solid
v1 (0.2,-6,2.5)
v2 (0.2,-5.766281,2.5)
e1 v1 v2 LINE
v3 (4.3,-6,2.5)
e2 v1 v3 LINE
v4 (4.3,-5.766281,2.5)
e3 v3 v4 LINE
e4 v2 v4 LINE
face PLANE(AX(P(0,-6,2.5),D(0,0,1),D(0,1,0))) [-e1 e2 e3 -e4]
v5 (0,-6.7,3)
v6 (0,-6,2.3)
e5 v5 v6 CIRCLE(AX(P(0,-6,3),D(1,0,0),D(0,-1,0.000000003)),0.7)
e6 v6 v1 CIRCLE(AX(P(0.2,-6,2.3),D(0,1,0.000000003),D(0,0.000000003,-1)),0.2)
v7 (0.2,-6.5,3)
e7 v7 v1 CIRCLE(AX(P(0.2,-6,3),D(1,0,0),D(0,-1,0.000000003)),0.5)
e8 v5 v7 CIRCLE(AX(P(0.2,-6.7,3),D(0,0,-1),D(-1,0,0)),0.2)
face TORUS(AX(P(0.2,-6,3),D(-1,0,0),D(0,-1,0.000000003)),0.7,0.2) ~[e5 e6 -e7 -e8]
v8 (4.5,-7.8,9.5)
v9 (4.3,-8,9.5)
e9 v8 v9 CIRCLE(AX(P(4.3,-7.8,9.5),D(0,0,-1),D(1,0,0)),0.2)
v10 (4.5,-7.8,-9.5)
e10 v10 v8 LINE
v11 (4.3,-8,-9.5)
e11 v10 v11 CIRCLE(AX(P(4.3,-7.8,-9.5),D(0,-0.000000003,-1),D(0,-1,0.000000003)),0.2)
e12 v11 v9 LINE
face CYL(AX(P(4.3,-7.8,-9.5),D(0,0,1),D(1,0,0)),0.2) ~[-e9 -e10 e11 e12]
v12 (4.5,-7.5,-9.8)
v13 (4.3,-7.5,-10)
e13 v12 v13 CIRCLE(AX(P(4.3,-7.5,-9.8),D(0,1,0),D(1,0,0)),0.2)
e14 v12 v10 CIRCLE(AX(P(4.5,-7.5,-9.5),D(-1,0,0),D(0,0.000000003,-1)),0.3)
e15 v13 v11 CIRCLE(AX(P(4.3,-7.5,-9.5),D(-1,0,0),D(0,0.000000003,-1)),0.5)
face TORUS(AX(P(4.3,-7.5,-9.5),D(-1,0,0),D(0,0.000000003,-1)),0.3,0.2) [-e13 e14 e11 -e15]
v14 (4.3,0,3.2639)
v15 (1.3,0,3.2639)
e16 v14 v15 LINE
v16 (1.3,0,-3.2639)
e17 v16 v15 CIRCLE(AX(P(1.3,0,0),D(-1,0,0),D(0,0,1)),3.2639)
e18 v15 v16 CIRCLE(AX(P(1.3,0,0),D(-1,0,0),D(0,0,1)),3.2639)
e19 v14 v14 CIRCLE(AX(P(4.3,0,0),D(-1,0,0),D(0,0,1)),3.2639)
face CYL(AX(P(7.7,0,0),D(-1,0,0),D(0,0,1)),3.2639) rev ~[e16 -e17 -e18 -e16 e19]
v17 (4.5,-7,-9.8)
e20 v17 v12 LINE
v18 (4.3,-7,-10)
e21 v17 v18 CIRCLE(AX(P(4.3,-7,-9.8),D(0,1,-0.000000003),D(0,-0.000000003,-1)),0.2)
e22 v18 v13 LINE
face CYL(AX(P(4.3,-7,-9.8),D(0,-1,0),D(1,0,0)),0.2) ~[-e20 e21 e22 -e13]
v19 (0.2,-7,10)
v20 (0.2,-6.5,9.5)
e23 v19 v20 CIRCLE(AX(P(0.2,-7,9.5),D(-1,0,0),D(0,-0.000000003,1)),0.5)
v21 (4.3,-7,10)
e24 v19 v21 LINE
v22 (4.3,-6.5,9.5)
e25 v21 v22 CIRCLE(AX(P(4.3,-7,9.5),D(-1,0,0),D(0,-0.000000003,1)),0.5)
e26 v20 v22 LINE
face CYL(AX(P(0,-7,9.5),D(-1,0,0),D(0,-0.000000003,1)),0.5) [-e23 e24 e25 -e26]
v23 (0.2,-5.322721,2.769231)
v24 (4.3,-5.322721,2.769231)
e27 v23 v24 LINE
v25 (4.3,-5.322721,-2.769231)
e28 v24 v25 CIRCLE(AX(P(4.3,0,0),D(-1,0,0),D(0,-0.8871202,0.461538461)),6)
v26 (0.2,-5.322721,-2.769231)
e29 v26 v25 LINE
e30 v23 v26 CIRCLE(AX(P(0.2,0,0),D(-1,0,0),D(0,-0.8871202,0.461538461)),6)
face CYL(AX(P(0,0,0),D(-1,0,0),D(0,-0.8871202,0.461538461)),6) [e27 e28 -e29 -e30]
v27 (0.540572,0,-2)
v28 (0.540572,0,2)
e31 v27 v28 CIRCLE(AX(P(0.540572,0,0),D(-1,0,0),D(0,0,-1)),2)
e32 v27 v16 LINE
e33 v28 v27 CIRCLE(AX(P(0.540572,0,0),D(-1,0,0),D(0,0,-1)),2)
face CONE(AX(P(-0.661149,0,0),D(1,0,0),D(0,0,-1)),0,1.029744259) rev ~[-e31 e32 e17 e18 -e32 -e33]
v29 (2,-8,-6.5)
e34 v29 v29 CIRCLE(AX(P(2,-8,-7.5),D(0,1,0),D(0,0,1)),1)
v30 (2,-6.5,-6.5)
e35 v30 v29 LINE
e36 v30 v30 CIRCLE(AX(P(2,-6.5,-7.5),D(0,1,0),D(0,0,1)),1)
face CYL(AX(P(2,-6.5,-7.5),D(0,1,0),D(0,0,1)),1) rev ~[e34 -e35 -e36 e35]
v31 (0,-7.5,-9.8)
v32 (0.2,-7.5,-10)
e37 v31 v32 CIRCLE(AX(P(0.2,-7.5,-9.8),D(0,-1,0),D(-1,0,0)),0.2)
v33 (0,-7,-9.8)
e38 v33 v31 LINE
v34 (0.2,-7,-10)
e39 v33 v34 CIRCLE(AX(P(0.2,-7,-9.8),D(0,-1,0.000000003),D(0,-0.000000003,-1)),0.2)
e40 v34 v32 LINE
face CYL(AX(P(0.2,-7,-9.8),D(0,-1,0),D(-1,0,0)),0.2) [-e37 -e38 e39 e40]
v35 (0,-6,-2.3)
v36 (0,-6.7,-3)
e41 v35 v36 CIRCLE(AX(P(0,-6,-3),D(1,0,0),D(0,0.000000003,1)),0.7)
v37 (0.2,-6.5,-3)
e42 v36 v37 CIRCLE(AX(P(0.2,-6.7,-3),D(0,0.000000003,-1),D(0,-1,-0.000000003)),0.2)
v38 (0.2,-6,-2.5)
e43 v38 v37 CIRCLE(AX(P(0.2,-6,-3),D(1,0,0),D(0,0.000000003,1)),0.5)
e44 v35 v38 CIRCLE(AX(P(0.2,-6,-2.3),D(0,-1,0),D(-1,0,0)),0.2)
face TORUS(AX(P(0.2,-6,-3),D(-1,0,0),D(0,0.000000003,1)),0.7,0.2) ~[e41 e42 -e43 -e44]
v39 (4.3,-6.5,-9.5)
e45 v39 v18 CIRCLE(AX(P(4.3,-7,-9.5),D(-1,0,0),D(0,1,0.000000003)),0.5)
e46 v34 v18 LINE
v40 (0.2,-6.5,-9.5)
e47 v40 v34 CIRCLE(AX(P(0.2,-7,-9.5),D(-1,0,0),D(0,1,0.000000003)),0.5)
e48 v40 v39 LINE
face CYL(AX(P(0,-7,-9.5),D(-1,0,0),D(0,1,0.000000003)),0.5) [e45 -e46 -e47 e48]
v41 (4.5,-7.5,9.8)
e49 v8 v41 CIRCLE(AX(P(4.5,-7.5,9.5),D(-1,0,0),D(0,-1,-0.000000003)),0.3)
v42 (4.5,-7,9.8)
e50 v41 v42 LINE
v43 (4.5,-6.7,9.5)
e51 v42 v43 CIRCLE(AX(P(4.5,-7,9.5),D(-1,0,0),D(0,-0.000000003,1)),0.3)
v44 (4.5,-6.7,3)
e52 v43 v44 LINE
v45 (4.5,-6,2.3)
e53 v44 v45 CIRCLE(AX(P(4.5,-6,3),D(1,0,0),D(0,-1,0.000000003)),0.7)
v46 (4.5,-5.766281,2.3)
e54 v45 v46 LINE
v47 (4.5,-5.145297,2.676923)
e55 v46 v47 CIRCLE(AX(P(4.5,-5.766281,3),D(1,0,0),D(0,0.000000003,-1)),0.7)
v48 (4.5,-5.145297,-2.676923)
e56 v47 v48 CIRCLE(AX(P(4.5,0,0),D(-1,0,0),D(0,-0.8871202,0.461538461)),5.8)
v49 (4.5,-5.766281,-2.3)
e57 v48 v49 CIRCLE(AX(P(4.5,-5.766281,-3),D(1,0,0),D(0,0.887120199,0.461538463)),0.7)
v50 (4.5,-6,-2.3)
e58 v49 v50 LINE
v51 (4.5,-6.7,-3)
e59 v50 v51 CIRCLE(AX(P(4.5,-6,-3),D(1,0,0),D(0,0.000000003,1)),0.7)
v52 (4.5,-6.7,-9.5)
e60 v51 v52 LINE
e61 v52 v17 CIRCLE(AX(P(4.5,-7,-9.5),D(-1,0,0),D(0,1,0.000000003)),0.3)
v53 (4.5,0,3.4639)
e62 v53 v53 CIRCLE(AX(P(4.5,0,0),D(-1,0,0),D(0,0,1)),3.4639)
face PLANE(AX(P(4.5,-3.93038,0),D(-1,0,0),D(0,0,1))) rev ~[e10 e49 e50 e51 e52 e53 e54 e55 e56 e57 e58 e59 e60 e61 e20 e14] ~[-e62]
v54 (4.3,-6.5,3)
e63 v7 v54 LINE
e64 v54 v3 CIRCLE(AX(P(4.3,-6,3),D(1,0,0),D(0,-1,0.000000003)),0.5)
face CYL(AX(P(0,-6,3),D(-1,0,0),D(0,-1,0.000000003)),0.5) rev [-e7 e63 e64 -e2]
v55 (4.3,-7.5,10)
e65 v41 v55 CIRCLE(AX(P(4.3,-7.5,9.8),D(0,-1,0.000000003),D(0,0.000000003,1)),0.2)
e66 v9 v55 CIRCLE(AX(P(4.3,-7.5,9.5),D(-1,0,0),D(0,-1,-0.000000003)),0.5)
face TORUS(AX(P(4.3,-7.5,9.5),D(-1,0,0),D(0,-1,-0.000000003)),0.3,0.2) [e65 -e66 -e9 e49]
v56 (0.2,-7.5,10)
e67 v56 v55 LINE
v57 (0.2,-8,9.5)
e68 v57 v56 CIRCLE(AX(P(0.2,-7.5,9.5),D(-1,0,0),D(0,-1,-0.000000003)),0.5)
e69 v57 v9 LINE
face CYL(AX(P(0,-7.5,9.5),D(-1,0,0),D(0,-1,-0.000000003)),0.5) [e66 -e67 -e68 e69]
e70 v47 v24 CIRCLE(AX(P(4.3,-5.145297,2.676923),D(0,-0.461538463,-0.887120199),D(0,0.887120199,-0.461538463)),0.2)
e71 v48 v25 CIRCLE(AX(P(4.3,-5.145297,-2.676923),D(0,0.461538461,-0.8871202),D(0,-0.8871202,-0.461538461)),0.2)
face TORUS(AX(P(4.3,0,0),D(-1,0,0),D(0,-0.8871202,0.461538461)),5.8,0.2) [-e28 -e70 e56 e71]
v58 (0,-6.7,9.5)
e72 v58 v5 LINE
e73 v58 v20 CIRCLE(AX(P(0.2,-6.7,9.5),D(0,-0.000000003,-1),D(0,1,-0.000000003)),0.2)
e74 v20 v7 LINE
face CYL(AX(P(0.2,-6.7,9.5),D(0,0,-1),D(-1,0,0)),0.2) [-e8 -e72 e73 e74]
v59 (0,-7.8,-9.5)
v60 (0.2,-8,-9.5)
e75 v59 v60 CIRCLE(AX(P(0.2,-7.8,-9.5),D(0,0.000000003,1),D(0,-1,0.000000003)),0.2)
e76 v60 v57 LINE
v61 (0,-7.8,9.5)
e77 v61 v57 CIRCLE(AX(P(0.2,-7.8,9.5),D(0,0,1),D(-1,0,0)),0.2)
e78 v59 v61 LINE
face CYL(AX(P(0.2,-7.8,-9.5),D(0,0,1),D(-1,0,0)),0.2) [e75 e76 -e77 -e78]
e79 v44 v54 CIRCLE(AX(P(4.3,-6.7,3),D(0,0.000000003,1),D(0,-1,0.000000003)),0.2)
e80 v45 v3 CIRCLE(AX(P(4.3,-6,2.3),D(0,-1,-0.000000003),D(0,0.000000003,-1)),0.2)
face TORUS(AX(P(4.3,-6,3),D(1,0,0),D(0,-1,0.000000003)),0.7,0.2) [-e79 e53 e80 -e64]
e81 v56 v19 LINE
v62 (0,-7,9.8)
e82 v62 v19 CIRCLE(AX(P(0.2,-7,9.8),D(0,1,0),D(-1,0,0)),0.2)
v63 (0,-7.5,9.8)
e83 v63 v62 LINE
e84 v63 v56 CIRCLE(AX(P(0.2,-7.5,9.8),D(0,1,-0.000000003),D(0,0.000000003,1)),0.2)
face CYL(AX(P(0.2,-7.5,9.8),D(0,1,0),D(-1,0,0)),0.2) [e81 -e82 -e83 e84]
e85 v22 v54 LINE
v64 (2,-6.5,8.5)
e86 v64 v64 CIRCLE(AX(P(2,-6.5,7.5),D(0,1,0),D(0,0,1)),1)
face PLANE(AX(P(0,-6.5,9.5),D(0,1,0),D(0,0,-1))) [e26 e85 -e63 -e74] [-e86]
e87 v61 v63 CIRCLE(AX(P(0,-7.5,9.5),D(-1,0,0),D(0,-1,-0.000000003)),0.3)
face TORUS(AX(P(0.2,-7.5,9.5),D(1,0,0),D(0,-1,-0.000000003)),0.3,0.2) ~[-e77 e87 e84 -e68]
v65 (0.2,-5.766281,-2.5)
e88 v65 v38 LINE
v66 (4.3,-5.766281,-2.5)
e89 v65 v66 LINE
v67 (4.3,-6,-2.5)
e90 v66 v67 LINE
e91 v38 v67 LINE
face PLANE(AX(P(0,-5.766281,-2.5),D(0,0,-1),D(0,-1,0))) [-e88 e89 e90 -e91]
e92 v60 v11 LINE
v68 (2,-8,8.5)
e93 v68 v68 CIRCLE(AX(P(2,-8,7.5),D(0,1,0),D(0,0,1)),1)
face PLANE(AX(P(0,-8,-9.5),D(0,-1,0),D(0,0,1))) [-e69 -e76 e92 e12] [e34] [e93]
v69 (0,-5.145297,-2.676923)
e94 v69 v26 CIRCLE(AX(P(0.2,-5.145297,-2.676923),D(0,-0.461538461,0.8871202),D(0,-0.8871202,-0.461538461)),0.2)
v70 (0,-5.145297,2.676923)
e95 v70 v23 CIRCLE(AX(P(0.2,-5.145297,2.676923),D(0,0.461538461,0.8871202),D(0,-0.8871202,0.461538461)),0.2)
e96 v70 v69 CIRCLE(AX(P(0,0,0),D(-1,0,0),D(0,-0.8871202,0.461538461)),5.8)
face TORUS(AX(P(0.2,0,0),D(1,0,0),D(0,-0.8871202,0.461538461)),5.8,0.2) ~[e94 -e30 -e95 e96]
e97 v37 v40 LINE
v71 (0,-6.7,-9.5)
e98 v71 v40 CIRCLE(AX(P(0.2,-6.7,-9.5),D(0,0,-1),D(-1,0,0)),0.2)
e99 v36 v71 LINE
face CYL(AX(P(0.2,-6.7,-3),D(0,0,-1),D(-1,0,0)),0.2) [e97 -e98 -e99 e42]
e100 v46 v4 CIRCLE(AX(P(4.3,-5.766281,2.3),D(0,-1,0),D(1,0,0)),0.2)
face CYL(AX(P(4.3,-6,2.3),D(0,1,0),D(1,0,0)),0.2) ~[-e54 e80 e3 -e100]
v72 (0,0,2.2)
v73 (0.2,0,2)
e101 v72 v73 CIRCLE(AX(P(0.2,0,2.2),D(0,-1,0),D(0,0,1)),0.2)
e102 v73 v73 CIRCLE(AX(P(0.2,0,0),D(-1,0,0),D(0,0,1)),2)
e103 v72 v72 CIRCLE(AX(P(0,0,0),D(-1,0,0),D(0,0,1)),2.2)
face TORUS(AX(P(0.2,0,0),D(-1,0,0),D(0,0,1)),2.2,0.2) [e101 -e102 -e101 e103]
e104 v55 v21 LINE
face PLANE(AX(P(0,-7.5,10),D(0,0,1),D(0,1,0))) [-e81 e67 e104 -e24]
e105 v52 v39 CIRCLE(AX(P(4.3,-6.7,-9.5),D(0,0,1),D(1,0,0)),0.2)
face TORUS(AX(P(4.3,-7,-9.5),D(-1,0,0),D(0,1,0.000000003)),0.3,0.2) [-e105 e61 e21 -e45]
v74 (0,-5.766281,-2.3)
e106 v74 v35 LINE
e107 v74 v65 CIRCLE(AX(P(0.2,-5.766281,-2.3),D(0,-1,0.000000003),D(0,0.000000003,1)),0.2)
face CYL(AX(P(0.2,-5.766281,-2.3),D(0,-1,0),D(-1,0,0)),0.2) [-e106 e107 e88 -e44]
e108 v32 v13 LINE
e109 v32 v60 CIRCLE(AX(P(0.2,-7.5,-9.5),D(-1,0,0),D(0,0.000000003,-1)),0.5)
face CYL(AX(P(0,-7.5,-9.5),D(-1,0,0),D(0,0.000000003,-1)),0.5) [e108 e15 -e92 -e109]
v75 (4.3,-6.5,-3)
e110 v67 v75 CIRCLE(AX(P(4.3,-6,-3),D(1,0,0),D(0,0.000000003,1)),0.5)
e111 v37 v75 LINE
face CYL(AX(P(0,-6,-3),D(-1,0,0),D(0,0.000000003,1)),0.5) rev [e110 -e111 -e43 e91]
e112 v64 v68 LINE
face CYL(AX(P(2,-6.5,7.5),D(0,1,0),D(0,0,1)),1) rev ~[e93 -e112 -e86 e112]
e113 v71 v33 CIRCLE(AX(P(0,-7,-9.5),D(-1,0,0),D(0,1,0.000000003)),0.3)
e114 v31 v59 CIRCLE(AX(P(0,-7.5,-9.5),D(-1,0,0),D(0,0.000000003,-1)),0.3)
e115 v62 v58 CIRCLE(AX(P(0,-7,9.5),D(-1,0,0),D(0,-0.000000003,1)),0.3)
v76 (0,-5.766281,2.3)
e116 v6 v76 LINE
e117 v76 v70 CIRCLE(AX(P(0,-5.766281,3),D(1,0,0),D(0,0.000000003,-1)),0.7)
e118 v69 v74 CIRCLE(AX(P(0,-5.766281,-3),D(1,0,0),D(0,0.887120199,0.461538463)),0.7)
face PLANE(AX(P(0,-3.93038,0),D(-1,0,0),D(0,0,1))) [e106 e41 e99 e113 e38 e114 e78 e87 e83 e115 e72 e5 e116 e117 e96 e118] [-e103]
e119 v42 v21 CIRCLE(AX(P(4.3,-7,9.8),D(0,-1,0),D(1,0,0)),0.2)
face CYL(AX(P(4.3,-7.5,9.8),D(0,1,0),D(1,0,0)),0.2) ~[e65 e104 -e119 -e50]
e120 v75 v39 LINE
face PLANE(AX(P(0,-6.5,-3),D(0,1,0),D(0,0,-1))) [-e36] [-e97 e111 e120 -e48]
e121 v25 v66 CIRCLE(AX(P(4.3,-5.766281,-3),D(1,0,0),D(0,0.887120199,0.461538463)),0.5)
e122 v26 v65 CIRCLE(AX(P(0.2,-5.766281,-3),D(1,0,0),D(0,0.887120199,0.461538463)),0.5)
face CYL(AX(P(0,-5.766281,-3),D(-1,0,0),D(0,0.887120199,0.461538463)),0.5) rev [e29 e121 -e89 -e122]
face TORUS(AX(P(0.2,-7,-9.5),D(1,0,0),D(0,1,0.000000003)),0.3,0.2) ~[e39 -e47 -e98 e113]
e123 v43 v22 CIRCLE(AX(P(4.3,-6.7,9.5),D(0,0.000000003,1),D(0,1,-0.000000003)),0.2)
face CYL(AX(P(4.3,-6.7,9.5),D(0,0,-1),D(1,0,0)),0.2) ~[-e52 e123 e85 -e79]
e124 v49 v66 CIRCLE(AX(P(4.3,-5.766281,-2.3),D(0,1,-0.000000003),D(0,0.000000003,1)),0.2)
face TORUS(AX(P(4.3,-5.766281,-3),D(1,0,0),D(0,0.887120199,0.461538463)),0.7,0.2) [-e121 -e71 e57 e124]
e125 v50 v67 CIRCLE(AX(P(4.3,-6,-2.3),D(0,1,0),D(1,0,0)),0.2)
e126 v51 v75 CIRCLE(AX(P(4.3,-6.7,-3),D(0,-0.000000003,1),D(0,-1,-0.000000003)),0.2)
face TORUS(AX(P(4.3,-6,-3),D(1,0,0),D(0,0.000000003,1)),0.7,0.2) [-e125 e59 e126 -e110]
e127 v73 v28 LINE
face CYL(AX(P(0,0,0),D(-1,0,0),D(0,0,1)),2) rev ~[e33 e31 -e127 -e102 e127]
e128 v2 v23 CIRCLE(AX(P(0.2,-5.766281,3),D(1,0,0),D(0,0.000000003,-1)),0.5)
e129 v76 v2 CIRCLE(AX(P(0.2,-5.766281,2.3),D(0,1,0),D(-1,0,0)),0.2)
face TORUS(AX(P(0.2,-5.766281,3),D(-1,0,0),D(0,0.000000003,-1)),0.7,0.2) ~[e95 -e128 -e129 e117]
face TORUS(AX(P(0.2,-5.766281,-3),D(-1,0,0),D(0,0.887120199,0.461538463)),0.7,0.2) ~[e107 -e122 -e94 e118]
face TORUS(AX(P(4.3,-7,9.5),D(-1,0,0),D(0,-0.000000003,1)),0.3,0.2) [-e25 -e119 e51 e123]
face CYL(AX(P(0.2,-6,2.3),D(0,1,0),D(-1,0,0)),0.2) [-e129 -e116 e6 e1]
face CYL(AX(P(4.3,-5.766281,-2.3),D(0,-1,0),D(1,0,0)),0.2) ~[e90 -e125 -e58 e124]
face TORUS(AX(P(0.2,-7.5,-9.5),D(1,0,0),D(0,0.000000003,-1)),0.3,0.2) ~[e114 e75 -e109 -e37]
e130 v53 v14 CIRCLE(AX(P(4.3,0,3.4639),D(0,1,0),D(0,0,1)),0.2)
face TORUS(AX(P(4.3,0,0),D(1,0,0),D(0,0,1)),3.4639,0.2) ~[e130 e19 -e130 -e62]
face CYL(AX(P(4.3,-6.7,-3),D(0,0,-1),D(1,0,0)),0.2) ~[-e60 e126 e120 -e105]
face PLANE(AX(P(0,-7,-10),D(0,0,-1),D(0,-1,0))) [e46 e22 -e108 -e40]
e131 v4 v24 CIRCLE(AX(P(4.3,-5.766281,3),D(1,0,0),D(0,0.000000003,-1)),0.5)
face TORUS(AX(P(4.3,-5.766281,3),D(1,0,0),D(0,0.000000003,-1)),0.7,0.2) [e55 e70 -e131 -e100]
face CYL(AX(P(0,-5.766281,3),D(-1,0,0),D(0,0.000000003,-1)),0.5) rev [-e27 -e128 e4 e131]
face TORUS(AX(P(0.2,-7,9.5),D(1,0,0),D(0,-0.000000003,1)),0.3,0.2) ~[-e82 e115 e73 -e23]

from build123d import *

# Parameters (mm, degrees)
EXTRUDE_1_DEPTH             = 4.5
SKETCH_2_R                  = 2
CUT_EXTRUDE_1_DEPTH         = 10
HOLE_WIZARD_5_16_18_1_D     = 6.5278
HOLE_WIZARD_5_16_18_1_DEPTH = 3.2
HOLE_WIZARD_5_16_18_1_TIP   = 1.961148974
CUT_EXTRUDE_2_REACH         = 18.628
SKETCH_5_R                  = 1
FILLET_1_R                  = 0.2


with BuildPart() as part:
    # 草图1 → 凸台-拉伸1 (new body)
    with BuildSketch(Plane(origin=(0, 0, 0), x_dir=(0, 0, -1), z_dir=(1, 0, 0))):
        with BuildLine():
            Line((-9.5, -6.5), (-3, -6.5))
            ThreePointArc((-3, -6.5), (-2.646446609, -6.353553391), (-2.5, -6))
            Line((-2.5, -6), (-2.5, -5.766281297))
            ThreePointArc((-2.5, -5.766281297), (-2.572574793, -5.506844037), (-2.769230769, -5.322721198))
            ThreePointArc((-2.769230769, -5.322721198), (0, 6), (2.769230769, -5.322721198))
            ThreePointArc((2.769230769, -5.322721198), (2.572574793, -5.506844037), (2.5, -5.766281297))
            Line((2.5, -5.766281297), (2.5, -6))
            ThreePointArc((2.5, -6), (2.646446609, -6.353553391), (3, -6.5))
            Line((3, -6.5), (9.5, -6.5))
            ThreePointArc((9.5, -6.5), (9.853553391, -6.646446609), (10, -7))
            Line((10, -7), (10, -7.5))
            ThreePointArc((10, -7.5), (9.853553391, -7.853553391), (9.5, -8))
            Line((9.5, -8), (-9.5, -8))
            ThreePointArc((-9.5, -8), (-9.853553391, -7.853553391), (-10, -7.5))
            Line((-10, -7.5), (-10, -7))
            ThreePointArc((-10, -7), (-9.853553391, -6.646446609), (-9.5, -6.5))
        make_face()
    extrude(amount=EXTRUDE_1_DEPTH)

    # 草图2 → 切除-拉伸1 (cut)
    with BuildSketch(Plane.ZY):
        Circle(SKETCH_2_R)
    extrude(amount=-CUT_EXTRUDE_1_DEPTH, mode=Mode.SUBTRACT)

    # 5/16-18 螺纹孔1
    with Locations(Plane(origin=(4.5, 0, 0), x_dir=(0, 0, -1), z_dir=(1, 0, 0))):
        with Locations((0, 0)):
            Hole(HOLE_WIZARD_5_16_18_1_D / 2, depth=HOLE_WIZARD_5_16_18_1_DEPTH)
            with Locations((0, 0, -(HOLE_WIZARD_5_16_18_1_DEPTH + HOLE_WIZARD_5_16_18_1_TIP / 2))):  # 118° drill point
                Cone(0, HOLE_WIZARD_5_16_18_1_D / 2, HOLE_WIZARD_5_16_18_1_TIP, mode=Mode.SUBTRACT)

    # 草图5 → 切除-拉伸2 (cut, up to next)
    with BuildSketch(Plane(origin=(0, -6.5, 0), x_dir=(1, 0, 0), z_dir=(0, 1, 0)), mode=Mode.PRIVATE) as cut_extrude_2_sk1:
        with Locations(Location((2, -7.5, 0), (0, 0, 270))):
            Circle(SKETCH_5_R)
    cut_extrude_2_tool1 = extrude(cut_extrude_2_sk1.sketch, amount=-CUT_EXTRUDE_2_REACH, mode=Mode.PRIVATE) & part.part
    # 草图5 → 切除-拉伸2 (cut, up to next)
    with BuildSketch(Plane(origin=(0, -6.5, 0), x_dir=(1, 0, 0), z_dir=(0, 1, 0)), mode=Mode.PRIVATE) as cut_extrude_2_sk2:
        with Locations(Location((2, 7.5, 0), (0, 0, 270))):
            Circle(SKETCH_5_R)
    cut_extrude_2_tool2 = extrude(cut_extrude_2_sk2.sketch, amount=-CUT_EXTRUDE_2_REACH, mode=Mode.PRIVATE) & part.part
    add(cut_extrude_2_tool1.solids().sort_by_distance((2, -6.5, 7.5))[0], mode=Mode.SUBTRACT)
    add(cut_extrude_2_tool2.solids().sort_by_distance((2, -6.5, -7.5))[0], mode=Mode.SUBTRACT)

    # 圆角1
    fillet_1_edges = [part.edges().sort_by_distance(p)[0] for p in [
        (4.5, -6.353553391, 2.646446609),
        (4.5, -6.5, 6.25),
        (0, 6, 0),
        (0, -5.506844037, -2.572574793),
        (0, -5.883140649, -2.5),
        (0, -6.353553391, -2.646446609),
        (0, -6.5, -6.25),
        (4.5, -6.646446609, 9.853553391),
        (0, -6.646446609, -9.853553391),
        (0, -7.25, -10),
        (0, -7.853553391, -9.853553391),
        (0, -8, 0),
        (0, -7.853553391, 9.853553391),
        (0, -7.25, 10),
        (0, -6.646446609, 9.853553391),
        (0, -6.5, 6.25),
        (4.5, -7.25, 10),
        (0, -6.353553391, 2.646446609),
        (0, -5.883140649, 2.5),
        (0, -5.506844037, 2.572574793),
        (4.5, -7.853553391, 9.853553391),
        (4.5, -8, 0),
        (4.5, -7.853553391, -9.853553391),
        (4.5, -7.25, -10),
        (4.5, -6.646446609, -9.853553391),
        (4.5, -6.5, -6.25),
        (4.5, -5.506844037, 2.572574793),
        (4.5, -6.353553391, -2.646446609),
        (4.5, -5.883140649, -2.5),
        (4.5, -5.506844037, -2.572574793),
        (0, 0, -2),
        (4.5, 6, 0),
        (4.5, 0, -3.2639),
        (4.5, -5.883140649, 2.5),
    ]]
    fillet(fillet_1_edges, radius=FILLET_1_R)


solid = part.part
